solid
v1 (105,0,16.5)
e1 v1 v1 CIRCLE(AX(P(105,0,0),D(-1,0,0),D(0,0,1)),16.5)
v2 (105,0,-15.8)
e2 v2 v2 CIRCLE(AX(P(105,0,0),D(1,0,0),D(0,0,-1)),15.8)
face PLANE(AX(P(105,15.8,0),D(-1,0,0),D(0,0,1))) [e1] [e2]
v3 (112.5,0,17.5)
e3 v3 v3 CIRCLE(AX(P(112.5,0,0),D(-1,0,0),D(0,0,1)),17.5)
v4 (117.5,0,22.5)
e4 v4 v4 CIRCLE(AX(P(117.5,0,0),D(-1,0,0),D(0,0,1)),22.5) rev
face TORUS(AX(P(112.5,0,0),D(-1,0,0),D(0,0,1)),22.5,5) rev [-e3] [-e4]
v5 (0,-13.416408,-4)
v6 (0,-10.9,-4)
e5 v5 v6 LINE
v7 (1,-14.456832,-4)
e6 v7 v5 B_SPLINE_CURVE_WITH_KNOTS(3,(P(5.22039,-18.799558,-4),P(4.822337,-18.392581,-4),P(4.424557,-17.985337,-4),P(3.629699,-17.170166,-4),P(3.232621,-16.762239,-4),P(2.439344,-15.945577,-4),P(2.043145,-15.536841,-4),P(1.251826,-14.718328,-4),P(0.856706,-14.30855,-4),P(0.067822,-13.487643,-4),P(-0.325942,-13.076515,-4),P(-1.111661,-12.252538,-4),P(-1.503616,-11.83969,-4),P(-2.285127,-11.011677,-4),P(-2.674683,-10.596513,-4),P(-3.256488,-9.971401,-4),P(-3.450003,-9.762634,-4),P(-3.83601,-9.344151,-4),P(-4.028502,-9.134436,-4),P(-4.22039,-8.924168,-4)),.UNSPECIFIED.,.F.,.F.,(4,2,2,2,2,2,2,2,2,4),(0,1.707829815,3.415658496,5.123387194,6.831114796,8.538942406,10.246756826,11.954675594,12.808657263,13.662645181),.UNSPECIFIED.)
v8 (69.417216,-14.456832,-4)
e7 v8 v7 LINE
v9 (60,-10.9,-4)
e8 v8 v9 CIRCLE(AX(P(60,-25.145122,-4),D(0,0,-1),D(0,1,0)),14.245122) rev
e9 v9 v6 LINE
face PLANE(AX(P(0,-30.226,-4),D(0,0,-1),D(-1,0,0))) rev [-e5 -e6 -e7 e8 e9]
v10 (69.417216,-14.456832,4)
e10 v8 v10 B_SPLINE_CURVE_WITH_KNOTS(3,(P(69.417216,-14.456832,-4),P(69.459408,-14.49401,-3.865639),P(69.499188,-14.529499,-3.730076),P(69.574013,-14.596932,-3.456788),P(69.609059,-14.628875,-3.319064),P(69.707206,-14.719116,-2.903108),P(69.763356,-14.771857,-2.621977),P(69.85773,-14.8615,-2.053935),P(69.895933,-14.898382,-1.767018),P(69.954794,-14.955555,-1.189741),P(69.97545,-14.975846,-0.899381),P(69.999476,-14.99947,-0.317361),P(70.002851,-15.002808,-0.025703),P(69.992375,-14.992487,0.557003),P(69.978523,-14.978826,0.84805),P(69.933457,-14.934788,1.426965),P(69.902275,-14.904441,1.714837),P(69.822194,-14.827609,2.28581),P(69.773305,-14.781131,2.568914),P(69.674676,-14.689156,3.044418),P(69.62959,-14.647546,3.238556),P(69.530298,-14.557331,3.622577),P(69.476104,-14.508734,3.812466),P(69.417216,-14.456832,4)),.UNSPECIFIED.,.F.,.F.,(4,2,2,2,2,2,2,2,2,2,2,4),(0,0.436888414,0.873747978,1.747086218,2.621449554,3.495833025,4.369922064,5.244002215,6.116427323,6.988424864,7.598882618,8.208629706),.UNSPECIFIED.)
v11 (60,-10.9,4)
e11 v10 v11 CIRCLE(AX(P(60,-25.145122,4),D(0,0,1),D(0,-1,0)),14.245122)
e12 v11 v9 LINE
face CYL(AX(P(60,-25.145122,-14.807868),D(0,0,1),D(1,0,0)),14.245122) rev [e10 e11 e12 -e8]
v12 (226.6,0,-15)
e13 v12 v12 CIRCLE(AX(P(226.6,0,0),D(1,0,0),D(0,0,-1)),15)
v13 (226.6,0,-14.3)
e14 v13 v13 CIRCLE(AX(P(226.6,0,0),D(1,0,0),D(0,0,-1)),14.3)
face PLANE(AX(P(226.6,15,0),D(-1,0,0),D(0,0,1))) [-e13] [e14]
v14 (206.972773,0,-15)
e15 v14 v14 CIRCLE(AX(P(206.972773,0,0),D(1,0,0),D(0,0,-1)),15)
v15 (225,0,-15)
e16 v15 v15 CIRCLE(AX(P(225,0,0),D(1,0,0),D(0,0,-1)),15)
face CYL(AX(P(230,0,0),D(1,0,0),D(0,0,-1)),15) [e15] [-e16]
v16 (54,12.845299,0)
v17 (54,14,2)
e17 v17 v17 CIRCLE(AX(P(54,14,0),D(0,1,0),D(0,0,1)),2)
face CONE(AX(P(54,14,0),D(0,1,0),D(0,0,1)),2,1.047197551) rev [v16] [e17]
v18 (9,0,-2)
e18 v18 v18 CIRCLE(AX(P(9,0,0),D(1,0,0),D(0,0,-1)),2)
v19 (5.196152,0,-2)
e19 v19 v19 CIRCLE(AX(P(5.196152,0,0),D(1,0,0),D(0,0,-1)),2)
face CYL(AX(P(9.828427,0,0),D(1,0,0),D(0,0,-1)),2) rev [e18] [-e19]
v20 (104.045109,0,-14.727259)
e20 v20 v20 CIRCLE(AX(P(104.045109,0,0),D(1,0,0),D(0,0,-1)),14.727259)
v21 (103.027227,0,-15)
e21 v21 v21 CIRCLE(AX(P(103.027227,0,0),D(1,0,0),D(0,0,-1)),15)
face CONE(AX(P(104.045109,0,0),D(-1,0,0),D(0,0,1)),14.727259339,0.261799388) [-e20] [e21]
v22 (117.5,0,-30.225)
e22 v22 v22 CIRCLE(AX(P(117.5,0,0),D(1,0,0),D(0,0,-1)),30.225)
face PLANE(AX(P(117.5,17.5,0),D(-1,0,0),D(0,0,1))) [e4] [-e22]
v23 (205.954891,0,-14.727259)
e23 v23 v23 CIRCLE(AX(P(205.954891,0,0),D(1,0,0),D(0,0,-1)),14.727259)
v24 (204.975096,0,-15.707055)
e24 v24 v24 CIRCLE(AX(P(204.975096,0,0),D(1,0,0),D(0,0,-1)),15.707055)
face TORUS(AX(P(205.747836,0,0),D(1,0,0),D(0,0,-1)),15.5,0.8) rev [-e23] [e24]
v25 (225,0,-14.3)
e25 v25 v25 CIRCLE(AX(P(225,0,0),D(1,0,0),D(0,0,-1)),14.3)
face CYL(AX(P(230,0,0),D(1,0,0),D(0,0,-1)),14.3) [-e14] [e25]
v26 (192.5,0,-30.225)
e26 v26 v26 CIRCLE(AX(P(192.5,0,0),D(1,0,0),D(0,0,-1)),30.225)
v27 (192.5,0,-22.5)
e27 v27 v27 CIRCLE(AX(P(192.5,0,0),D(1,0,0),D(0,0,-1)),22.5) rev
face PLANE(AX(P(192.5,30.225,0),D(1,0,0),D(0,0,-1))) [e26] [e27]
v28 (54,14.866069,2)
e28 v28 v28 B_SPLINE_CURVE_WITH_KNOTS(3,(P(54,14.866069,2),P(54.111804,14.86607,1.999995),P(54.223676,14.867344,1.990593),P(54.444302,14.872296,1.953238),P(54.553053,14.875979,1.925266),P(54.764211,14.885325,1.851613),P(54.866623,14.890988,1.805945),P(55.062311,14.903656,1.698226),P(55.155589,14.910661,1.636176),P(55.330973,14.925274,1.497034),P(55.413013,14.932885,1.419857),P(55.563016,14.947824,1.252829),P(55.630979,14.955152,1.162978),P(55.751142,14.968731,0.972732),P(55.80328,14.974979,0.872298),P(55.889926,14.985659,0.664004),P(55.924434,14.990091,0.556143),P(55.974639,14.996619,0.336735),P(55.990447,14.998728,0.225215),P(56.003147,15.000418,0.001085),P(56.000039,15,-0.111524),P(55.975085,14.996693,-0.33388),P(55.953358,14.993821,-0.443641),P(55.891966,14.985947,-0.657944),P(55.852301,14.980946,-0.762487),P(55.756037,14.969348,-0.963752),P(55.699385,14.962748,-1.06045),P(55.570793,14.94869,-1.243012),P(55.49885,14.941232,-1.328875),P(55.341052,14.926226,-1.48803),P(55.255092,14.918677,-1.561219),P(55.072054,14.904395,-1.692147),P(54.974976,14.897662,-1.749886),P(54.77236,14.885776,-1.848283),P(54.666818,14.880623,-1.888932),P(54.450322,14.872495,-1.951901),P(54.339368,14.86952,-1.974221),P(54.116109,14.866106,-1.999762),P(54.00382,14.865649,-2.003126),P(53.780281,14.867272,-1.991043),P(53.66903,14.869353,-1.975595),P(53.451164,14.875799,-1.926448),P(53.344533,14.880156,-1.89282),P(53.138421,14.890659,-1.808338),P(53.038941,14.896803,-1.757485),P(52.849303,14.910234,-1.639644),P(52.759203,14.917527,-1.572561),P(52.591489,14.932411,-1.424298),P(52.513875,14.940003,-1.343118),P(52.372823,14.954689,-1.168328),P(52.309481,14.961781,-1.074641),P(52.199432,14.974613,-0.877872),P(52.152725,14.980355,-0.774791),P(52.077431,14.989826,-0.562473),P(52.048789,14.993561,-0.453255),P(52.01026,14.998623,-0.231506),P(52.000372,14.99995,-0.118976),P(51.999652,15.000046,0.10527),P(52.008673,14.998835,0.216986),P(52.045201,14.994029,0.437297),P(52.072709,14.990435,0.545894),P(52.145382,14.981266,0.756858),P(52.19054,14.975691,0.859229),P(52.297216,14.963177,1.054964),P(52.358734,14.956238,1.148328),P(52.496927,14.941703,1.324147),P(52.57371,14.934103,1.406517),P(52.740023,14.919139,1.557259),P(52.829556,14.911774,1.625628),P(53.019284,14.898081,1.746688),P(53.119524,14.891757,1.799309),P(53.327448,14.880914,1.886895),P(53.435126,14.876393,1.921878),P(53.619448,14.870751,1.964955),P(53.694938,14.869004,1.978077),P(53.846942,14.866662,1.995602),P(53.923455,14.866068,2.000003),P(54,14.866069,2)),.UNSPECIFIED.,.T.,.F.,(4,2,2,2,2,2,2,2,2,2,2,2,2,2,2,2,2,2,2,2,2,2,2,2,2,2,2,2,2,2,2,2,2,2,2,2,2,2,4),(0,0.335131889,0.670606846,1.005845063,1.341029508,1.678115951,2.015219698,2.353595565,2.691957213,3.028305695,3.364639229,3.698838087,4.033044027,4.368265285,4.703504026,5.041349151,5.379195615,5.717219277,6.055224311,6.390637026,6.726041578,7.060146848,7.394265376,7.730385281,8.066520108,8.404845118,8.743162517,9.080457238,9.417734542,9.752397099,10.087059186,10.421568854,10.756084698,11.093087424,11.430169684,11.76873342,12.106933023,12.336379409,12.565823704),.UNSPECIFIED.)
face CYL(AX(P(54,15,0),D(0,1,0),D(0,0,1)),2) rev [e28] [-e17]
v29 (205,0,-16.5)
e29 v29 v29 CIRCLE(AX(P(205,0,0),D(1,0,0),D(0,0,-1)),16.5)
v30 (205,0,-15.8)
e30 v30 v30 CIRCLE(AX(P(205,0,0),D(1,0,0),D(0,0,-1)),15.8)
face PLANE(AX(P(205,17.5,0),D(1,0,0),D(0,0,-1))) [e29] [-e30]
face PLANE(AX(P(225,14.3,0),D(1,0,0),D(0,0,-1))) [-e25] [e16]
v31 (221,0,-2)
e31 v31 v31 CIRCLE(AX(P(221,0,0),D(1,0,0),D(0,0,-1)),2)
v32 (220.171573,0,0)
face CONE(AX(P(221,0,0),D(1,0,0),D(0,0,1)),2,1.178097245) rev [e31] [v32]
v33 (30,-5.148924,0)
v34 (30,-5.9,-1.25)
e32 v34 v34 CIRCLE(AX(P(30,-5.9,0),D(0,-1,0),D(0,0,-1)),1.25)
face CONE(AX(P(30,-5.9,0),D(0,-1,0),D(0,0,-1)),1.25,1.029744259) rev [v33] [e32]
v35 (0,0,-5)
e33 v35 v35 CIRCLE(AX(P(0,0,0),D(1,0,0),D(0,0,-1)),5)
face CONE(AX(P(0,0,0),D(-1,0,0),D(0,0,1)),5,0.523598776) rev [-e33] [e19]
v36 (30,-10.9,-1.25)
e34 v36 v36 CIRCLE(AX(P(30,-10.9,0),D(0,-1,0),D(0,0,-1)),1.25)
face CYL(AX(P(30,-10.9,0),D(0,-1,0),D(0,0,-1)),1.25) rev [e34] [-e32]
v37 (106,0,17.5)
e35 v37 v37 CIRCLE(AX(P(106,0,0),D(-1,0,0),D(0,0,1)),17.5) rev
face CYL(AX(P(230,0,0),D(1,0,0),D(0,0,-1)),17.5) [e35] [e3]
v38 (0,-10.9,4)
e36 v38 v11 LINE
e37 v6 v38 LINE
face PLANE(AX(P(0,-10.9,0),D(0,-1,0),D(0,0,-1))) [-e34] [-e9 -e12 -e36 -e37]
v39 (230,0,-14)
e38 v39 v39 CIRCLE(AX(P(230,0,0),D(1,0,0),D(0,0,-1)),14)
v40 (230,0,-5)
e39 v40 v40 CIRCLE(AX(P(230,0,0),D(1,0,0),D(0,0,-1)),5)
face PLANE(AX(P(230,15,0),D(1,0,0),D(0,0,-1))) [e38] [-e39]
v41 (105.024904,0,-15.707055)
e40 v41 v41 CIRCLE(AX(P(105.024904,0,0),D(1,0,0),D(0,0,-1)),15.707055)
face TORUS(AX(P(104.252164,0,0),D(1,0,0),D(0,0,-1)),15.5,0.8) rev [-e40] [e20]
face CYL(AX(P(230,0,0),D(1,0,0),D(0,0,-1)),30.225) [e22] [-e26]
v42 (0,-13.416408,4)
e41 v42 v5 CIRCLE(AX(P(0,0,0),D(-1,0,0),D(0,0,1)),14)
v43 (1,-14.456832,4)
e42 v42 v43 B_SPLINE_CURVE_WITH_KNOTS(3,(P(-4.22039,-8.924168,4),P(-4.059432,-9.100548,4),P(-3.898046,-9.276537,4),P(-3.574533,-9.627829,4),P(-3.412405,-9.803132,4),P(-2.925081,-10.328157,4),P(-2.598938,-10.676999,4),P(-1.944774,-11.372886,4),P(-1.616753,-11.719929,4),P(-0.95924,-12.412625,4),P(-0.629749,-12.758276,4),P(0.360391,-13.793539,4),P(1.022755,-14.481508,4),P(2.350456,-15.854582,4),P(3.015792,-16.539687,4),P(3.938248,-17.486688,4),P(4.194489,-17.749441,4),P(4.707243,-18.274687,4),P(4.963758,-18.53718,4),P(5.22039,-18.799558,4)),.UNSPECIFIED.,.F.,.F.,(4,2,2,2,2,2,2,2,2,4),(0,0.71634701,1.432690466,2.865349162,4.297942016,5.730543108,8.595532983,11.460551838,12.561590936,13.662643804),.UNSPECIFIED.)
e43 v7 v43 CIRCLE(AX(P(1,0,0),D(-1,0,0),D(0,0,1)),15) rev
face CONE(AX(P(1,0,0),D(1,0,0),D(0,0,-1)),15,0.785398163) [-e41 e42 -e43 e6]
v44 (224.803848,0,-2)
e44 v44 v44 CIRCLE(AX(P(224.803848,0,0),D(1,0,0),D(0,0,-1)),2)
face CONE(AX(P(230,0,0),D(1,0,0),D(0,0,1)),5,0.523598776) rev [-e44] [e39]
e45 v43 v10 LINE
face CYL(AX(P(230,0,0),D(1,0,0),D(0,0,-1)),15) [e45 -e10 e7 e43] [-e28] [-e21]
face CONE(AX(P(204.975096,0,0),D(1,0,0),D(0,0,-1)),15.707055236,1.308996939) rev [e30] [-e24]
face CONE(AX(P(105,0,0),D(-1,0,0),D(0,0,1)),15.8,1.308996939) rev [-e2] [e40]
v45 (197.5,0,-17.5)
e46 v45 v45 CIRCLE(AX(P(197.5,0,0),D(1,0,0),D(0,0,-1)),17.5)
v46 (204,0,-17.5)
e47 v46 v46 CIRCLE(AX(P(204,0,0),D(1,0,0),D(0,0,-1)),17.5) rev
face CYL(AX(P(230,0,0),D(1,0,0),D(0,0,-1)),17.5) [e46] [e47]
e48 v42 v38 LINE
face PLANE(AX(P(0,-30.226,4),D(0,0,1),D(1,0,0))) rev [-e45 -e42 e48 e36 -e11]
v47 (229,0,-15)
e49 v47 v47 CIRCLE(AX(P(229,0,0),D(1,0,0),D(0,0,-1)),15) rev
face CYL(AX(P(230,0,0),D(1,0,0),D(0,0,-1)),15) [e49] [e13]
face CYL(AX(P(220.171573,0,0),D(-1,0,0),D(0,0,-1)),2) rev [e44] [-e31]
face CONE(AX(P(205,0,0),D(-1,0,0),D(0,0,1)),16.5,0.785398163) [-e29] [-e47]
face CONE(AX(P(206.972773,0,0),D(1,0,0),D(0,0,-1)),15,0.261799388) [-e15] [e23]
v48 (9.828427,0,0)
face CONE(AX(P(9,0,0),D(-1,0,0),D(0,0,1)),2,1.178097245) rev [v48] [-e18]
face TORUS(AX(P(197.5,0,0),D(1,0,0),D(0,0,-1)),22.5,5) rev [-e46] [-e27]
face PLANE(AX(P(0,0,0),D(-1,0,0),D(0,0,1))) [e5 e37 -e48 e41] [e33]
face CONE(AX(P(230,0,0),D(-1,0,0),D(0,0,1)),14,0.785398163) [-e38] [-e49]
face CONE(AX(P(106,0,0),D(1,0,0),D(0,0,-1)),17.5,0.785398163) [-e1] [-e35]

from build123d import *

# Parameters (mm, degrees)
FILLET1_R                      = 5
CHAMFER1_SIZE                  = 1
CHAMFER3_SIZE                  = 1
CUT_EXTRUDE3_REACH             = 21.325
SKETCH3_W                      = 60
SKETCH3_H                      = 8
F_2_5MM_DOWEL_HOLE1_D          = 2.5
F_2_5MM_DOWEL_HOLE1_DEPTH      = 5
F_2_5MM_DOWEL_HOLE1_TIP        = 0.751075774
CUT_EXTRUDE4_REACH             = 32.225
CUT_EXTRUDE4_DIRECTION_2_REACH = 32.225


with BuildPart() as part:
    # Sketch1 → Revolve1 (revolve)
    with BuildSketch(Plane.XY):
        with BuildLine():
            Line((230, 0), (0, 0))
            Line((0, 0), (0, 15))
            Line((0, 15), (103.027226573, 15))
            Line((103.027226573, 15), (104.045108577, 14.727259339))
            ThreePointArc((104.045108577, 14.727259339), (104.817849238, 14.934314575), (105.024904474, 15.707055236))
            Line((105.024904474, 15.707055236), (105, 15.8))
            Line((105, 15.8), (105, 17.5))
            Line((105, 17.5), (117.5, 17.5))
            Line((117.5, 17.5), (117.5, 30.225))
            Line((117.5, 30.225), (192.5, 30.225))
            Line((192.5, 30.225), (192.5, 17.5))
            Line((192.5, 17.5), (205, 17.5))
            Line((205, 17.5), (205, 15.8))
            Line((205, 15.8), (204.975095526, 15.707055236))
            ThreePointArc((204.975095526, 15.707055236), (205.182150762, 14.934314575), (205.954891423, 14.727259339))
            Line((205.954891423, 14.727259339), (206.972773427, 15))
            Line((206.972773427, 15), (225, 15))
            Line((225, 15), (225, 14.3))
            Line((225, 14.3), (226.6, 14.3))
            Line((226.6, 14.3), (226.6, 15))
            Line((226.6, 15), (230, 15))
            Line((230, 15), (230, 0))
        make_face()
    revolve(axis=Axis((230, 0, 0), (-1, 0, 0)))

    # Fillet1
    fillet1_edges = [part.edges().sort_by_distance(p)[0] for p in [
        (117.5, -17.5, 0),
        (192.5, -17.5, 0),
    ]]
    fillet(fillet1_edges, radius=FILLET1_R)

    # Chamfer1
    chamfer1_edges = [part.edges().sort_by_distance(p)[0] for p in [
        (105, -17.5, 0),
        (205, -17.5, 0),
    ]]
    chamfer(chamfer1_edges, length=CHAMFER1_SIZE)

    # Chamfer3
    chamfer3_edges = [part.edges().sort_by_distance(p)[0] for p in [
        (0, -15, 0),
        (230, -15, 0),
    ]]
    chamfer(chamfer3_edges, length=CHAMFER3_SIZE)

    # Sketch3 → Cut-Extrude3 (cut, up to next)
    with BuildSketch(Plane(origin=(0, -10.9, 0), x_dir=(1, 0, 0), z_dir=(0, 1, 0)), mode=Mode.PRIVATE) as cut_extrude3_sk1:
        with Locations((30, 0)):
            Rectangle(SKETCH3_W, SKETCH3_H)
    cut_extrude3_tool1 = extrude(cut_extrude3_sk1.sketch, amount=-CUT_EXTRUDE3_REACH, mode=Mode.PRIVATE) & part.part
    add(cut_extrude3_tool1.solids().sort_by_distance((30, -10.9, 0))[0], mode=Mode.SUBTRACT)

    # Sketch4 → Cut-Revolve1 (revolve, cut)
    with BuildSketch(Plane.XY):
        Polygon((54, 15), (54, 12.845299462), (52, 14), (52, 15), align=None)
    revolve(axis=Axis((54, 15, 0), (0, -1, 0)), mode=Mode.SUBTRACT)

    # Sketch8 → Cut-Revolve2 (revolve, cut)
    with BuildSketch(Plane(origin=(0, 0, 0), x_dir=(1, 0, 0), z_dir=(0, 1, 0))):
        Polygon((0, 5), (5.196152423, 2), (9, 2), (9.828427125, 0), (0, 0), align=None)
    cut_revolve2 = revolve(axis=Axis((9.828427125, 0, 0), (-1, 0, 0)), mode=Mode.SUBTRACT)

    # Mirror1: Cut-Revolve2 across plane
    add(cut_revolve2.mirror(Plane.ZY.offset(-115)), mode=Mode.SUBTRACT)

    # Ø2.5mm Dowel Hole1
    with Locations(Plane(origin=(0, -10.9, 0), x_dir=(-1, 0, 0), z_dir=(0, -1, 0))):
        with Locations((-30, 0)):
            Hole(F_2_5MM_DOWEL_HOLE1_D / 2, depth=F_2_5MM_DOWEL_HOLE1_DEPTH)
            with Locations((0, 0, -(F_2_5MM_DOWEL_HOLE1_DEPTH + F_2_5MM_DOWEL_HOLE1_TIP / 2))):  # 118° drill point
                Cone(0, F_2_5MM_DOWEL_HOLE1_D / 2, F_2_5MM_DOWEL_HOLE1_TIP, mode=Mode.SUBTRACT)

    # Cut-Extrude4: up to this face of the body (flat: up to its plane)
    cut_extrude4_end = Plane(part.part.faces().sort_by_distance((30.072424217, -12.67492082, -4))[0])
    # Sketch14 → Cut-Extrude4 (cut, up to the picked face)
    with BuildSketch(Plane.XY, mode=Mode.PRIVATE) as cut_extrude4_sk1:
        with BuildLine():
            Line((60, -15), (60, -10.9))
            ThreePointArc((60, -10.9), (65.403933752, -11.964795726), (70, -15))
            Line((70, -15), (60, -15))
        make_face()
    cut_extrude4_tool1 = split(extrude(cut_extrude4_sk1.sketch, amount=-CUT_EXTRUDE4_REACH, mode=Mode.PRIVATE), bisect_by=cut_extrude4_end, keep=Keep.BOTH, mode=Mode.PRIVATE)
    add(cut_extrude4_tool1.solids().sort_by_distance((63.834155, -13.337922, 0))[0], mode=Mode.SUBTRACT)

    # Cut-Extrude4 direction 2: up to this face of the body (flat: up to its plane)
    cut_extrude4_direction_2_end = Plane(part.part.faces().sort_by_distance((30.072424217, -12.67492082, 4))[0])
    # Sketch14 → Cut-Extrude4 direction 2 (cut, up to the picked face)
    with BuildSketch(Plane.XY, mode=Mode.PRIVATE) as cut_extrude4_direction_2_sk1:
        with BuildLine():
            Line((60, -15), (60, -10.9))
            ThreePointArc((60, -10.9), (65.403933752, -11.964795726), (70, -15))
            Line((70, -15), (60, -15))
        make_face()
    cut_extrude4_direction_2_tool1 = split(extrude(cut_extrude4_direction_2_sk1.sketch, amount=CUT_EXTRUDE4_DIRECTION_2_REACH, mode=Mode.PRIVATE), bisect_by=cut_extrude4_direction_2_end, keep=Keep.BOTH, mode=Mode.PRIVATE)
    add(cut_extrude4_direction_2_tool1.solids().sort_by_distance((63.834155, -13.337922, 0))[0], mode=Mode.SUBTRACT)


solid = part.part
